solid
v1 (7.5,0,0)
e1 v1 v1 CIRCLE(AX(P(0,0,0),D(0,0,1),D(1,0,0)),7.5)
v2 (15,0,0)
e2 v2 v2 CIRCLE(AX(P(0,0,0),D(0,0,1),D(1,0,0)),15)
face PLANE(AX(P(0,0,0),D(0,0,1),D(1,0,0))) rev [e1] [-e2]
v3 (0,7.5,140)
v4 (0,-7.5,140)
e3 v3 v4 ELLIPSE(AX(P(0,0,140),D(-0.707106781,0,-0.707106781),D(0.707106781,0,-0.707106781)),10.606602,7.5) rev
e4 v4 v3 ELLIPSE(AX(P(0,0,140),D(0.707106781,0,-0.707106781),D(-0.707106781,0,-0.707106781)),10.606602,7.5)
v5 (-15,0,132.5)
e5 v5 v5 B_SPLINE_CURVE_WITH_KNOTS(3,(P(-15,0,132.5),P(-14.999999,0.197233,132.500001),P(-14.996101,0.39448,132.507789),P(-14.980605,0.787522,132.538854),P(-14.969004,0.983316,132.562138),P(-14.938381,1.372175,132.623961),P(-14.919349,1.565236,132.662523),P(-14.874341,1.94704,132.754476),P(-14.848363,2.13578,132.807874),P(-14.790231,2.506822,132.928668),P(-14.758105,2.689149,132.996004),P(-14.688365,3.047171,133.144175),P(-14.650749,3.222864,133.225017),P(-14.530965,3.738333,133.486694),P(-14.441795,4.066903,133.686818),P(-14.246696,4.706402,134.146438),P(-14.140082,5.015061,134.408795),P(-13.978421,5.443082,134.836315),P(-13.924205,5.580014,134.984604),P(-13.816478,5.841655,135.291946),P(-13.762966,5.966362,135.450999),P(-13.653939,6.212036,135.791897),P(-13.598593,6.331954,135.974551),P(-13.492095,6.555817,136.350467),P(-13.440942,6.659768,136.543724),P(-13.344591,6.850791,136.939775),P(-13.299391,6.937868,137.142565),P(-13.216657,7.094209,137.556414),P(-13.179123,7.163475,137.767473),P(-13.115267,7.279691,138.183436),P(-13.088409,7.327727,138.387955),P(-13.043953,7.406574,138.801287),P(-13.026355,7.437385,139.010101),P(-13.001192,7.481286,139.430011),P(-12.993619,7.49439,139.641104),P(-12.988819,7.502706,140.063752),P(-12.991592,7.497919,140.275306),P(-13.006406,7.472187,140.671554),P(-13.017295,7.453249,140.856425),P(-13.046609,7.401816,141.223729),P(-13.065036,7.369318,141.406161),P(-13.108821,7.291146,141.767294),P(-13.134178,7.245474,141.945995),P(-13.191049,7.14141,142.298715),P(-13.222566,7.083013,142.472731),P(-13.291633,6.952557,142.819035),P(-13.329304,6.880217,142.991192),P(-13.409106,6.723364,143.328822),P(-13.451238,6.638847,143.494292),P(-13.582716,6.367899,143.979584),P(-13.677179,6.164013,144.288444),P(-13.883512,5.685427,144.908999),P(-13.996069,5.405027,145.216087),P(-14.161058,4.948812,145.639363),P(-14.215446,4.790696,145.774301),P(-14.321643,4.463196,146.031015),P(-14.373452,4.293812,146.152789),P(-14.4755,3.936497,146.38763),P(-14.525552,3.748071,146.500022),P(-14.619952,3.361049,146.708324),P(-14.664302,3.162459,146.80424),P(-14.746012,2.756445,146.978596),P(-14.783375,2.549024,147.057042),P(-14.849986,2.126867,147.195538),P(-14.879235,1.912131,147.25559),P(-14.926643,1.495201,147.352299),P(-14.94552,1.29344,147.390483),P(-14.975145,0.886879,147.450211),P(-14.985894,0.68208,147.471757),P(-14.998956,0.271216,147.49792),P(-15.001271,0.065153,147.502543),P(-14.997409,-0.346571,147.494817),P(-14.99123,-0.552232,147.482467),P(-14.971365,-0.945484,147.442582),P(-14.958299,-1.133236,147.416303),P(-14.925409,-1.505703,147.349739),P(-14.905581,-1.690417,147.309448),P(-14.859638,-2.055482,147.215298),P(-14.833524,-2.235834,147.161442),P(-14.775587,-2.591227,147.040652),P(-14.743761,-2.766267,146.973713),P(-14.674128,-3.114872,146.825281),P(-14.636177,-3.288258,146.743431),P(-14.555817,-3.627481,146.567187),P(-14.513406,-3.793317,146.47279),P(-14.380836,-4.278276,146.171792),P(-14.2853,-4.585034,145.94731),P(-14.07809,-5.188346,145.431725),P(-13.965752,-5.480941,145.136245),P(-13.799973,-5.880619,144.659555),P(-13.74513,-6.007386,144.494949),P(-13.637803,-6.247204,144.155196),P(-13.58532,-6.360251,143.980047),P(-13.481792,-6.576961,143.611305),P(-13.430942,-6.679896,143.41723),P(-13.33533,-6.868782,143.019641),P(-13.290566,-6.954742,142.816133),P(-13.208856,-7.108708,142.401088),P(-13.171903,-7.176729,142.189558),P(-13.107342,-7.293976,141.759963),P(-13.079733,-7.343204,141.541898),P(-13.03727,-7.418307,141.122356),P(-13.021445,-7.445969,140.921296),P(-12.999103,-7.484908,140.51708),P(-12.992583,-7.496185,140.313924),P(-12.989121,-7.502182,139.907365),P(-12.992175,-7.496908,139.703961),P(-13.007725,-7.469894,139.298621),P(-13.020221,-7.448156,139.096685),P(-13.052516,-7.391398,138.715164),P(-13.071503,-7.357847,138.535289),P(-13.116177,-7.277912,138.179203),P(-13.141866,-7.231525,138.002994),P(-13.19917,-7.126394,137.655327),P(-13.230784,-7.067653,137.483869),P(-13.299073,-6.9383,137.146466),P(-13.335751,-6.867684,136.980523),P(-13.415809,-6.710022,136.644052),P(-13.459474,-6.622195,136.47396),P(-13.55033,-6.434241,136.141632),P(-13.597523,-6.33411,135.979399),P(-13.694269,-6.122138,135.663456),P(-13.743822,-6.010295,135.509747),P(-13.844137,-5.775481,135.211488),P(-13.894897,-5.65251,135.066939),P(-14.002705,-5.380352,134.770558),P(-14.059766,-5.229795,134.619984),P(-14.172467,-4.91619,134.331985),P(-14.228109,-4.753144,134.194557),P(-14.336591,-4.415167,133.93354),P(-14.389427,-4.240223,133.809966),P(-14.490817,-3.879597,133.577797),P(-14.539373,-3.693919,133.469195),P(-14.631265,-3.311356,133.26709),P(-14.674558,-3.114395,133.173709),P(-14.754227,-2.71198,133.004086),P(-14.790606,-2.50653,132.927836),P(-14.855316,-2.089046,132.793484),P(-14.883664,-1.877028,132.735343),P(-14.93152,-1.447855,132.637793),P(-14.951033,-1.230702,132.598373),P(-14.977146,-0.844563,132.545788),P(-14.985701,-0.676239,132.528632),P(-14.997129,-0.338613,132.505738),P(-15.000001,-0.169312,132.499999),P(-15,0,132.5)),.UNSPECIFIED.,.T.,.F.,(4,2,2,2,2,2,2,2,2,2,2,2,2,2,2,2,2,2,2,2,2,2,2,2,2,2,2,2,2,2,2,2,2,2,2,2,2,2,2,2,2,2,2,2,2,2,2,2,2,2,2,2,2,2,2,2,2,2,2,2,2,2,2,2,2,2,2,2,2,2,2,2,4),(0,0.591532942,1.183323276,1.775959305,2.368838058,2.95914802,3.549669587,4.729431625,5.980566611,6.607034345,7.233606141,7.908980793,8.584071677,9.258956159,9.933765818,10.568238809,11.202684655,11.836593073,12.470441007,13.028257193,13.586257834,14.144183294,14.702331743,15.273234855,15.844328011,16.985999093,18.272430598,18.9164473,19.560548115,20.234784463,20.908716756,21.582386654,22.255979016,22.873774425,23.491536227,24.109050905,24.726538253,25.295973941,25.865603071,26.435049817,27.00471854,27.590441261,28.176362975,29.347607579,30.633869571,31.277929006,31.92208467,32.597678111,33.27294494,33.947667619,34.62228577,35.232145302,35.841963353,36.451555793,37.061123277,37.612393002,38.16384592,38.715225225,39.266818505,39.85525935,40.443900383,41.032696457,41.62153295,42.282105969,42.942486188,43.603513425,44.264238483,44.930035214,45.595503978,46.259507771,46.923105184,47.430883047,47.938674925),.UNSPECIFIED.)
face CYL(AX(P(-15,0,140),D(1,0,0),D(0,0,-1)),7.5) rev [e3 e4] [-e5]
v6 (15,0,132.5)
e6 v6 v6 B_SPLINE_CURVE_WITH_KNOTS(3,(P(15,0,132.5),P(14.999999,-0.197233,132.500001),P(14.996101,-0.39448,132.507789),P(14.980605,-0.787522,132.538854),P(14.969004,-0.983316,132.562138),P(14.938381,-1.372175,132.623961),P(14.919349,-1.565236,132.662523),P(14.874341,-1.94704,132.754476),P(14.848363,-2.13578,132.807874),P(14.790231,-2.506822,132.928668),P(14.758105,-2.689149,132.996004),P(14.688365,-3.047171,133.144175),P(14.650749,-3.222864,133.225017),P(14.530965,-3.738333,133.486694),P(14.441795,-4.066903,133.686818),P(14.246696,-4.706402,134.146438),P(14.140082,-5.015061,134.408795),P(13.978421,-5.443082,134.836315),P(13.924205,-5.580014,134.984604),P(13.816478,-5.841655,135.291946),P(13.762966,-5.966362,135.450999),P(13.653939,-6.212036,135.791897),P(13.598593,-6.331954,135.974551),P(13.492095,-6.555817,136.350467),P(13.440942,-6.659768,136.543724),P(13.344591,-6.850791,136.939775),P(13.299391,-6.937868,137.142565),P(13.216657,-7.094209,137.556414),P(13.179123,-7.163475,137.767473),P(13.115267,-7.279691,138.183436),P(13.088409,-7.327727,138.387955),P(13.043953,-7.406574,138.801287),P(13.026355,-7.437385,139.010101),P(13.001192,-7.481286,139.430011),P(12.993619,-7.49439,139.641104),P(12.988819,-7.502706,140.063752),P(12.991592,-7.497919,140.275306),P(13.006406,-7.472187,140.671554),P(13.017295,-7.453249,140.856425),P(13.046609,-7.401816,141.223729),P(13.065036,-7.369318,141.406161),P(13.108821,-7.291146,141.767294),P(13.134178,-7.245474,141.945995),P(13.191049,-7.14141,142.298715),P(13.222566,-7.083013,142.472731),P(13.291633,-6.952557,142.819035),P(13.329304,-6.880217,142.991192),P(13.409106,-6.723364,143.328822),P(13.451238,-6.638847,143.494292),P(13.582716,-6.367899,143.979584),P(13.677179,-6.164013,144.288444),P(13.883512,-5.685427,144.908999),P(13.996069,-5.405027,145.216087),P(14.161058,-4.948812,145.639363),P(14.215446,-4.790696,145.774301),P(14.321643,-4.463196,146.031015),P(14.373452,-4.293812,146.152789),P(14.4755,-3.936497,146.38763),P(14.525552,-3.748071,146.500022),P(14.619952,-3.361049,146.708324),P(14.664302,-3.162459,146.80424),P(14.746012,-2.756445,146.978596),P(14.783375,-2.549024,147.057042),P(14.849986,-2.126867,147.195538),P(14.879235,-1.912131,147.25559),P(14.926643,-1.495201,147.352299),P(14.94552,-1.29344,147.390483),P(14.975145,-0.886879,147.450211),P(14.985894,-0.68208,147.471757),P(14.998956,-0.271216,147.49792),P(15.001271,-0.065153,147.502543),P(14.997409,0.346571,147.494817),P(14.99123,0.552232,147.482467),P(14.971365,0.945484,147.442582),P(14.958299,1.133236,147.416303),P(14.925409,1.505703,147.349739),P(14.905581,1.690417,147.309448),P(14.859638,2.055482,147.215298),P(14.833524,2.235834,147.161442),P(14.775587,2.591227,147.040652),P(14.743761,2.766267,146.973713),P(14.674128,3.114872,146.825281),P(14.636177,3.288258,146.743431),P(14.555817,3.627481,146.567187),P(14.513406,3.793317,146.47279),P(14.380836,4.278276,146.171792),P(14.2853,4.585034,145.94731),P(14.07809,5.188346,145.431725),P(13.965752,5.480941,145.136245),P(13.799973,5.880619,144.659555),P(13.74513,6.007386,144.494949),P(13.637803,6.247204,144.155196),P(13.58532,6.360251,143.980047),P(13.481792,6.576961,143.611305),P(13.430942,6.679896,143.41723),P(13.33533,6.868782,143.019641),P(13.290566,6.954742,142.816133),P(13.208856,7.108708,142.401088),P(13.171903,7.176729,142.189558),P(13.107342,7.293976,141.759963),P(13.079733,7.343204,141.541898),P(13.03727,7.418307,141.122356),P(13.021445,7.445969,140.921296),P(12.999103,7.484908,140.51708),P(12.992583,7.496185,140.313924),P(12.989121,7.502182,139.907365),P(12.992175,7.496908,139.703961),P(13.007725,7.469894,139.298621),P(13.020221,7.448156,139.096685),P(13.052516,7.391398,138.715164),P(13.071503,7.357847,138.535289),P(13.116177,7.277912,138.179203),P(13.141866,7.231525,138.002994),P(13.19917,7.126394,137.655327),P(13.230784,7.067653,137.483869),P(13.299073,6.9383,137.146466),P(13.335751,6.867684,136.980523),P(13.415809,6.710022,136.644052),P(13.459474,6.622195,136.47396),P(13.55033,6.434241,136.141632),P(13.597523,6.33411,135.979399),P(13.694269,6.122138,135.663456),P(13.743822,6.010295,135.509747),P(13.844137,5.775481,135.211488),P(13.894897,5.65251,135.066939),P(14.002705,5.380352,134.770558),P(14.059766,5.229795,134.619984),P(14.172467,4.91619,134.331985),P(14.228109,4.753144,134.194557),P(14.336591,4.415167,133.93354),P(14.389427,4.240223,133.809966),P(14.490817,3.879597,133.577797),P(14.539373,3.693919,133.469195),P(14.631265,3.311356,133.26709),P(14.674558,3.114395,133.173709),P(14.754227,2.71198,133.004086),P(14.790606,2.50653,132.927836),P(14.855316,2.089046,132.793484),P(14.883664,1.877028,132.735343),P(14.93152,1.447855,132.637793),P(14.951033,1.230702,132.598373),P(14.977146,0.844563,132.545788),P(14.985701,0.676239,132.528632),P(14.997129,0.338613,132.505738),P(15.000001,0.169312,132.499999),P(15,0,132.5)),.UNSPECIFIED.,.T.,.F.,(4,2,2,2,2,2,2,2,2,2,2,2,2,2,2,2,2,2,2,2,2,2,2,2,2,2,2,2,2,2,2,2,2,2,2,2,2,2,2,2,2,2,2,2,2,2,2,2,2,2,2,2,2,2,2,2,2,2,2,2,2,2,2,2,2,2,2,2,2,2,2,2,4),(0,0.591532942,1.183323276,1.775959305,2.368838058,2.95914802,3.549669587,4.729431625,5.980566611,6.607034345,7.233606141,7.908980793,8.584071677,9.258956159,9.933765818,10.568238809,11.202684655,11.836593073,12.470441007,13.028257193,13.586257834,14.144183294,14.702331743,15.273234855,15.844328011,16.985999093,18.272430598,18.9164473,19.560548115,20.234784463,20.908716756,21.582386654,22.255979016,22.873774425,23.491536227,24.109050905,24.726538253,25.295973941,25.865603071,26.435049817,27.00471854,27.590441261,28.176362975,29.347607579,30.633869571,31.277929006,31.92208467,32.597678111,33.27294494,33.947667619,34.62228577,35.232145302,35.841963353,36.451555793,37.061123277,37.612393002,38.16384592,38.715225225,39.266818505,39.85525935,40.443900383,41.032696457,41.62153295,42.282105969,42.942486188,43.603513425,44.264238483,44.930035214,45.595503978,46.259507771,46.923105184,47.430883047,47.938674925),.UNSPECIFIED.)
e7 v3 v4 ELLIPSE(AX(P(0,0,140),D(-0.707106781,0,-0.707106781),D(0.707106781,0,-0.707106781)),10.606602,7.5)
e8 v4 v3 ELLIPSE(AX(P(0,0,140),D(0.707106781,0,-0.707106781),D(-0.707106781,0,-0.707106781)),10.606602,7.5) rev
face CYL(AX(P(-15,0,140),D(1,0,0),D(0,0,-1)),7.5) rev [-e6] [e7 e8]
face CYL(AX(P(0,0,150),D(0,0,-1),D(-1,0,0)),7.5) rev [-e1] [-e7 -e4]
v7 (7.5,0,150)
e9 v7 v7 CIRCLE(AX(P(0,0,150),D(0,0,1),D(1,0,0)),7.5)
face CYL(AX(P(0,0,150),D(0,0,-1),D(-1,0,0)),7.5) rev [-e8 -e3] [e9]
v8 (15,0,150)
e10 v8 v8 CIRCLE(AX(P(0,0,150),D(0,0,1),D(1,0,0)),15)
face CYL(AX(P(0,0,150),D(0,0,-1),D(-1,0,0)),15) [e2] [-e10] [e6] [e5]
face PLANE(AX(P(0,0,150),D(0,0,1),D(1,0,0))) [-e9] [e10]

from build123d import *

# Parameters (mm, degrees)
SKETCH1_R               = 15
SKETCH1_R_2             = 7.5
BOSS_EXTRUDE1_DEPTH     = 150
SKETCH2_R               = 7.5
CUT_EXTRUDE2_DEPTH      = 16
CUT_EXTRUDE2_DEPTH_BACK = 16


with BuildPart() as part:
    # Sketch1 → Boss-Extrude1 (new body)
    with BuildSketch(Plane.XY):
        Circle(SKETCH1_R)
        Circle(SKETCH1_R_2, mode=Mode.SUBTRACT)
    extrude(amount=BOSS_EXTRUDE1_DEPTH)

    # Sketch2 → Cut-Extrude2 (cut, two sides)
    with BuildSketch(Plane(origin=(0, 0, 0), x_dir=(0, 0, -1), z_dir=(1, 0, 0))) as cut_extrude2_sk:
        with Locations((-140, 0)):
            Circle(SKETCH2_R)
    extrude(amount=CUT_EXTRUDE2_DEPTH, mode=Mode.SUBTRACT)
    extrude(cut_extrude2_sk.sketch, amount=-CUT_EXTRUDE2_DEPTH_BACK, mode=Mode.SUBTRACT)


solid = part.part
